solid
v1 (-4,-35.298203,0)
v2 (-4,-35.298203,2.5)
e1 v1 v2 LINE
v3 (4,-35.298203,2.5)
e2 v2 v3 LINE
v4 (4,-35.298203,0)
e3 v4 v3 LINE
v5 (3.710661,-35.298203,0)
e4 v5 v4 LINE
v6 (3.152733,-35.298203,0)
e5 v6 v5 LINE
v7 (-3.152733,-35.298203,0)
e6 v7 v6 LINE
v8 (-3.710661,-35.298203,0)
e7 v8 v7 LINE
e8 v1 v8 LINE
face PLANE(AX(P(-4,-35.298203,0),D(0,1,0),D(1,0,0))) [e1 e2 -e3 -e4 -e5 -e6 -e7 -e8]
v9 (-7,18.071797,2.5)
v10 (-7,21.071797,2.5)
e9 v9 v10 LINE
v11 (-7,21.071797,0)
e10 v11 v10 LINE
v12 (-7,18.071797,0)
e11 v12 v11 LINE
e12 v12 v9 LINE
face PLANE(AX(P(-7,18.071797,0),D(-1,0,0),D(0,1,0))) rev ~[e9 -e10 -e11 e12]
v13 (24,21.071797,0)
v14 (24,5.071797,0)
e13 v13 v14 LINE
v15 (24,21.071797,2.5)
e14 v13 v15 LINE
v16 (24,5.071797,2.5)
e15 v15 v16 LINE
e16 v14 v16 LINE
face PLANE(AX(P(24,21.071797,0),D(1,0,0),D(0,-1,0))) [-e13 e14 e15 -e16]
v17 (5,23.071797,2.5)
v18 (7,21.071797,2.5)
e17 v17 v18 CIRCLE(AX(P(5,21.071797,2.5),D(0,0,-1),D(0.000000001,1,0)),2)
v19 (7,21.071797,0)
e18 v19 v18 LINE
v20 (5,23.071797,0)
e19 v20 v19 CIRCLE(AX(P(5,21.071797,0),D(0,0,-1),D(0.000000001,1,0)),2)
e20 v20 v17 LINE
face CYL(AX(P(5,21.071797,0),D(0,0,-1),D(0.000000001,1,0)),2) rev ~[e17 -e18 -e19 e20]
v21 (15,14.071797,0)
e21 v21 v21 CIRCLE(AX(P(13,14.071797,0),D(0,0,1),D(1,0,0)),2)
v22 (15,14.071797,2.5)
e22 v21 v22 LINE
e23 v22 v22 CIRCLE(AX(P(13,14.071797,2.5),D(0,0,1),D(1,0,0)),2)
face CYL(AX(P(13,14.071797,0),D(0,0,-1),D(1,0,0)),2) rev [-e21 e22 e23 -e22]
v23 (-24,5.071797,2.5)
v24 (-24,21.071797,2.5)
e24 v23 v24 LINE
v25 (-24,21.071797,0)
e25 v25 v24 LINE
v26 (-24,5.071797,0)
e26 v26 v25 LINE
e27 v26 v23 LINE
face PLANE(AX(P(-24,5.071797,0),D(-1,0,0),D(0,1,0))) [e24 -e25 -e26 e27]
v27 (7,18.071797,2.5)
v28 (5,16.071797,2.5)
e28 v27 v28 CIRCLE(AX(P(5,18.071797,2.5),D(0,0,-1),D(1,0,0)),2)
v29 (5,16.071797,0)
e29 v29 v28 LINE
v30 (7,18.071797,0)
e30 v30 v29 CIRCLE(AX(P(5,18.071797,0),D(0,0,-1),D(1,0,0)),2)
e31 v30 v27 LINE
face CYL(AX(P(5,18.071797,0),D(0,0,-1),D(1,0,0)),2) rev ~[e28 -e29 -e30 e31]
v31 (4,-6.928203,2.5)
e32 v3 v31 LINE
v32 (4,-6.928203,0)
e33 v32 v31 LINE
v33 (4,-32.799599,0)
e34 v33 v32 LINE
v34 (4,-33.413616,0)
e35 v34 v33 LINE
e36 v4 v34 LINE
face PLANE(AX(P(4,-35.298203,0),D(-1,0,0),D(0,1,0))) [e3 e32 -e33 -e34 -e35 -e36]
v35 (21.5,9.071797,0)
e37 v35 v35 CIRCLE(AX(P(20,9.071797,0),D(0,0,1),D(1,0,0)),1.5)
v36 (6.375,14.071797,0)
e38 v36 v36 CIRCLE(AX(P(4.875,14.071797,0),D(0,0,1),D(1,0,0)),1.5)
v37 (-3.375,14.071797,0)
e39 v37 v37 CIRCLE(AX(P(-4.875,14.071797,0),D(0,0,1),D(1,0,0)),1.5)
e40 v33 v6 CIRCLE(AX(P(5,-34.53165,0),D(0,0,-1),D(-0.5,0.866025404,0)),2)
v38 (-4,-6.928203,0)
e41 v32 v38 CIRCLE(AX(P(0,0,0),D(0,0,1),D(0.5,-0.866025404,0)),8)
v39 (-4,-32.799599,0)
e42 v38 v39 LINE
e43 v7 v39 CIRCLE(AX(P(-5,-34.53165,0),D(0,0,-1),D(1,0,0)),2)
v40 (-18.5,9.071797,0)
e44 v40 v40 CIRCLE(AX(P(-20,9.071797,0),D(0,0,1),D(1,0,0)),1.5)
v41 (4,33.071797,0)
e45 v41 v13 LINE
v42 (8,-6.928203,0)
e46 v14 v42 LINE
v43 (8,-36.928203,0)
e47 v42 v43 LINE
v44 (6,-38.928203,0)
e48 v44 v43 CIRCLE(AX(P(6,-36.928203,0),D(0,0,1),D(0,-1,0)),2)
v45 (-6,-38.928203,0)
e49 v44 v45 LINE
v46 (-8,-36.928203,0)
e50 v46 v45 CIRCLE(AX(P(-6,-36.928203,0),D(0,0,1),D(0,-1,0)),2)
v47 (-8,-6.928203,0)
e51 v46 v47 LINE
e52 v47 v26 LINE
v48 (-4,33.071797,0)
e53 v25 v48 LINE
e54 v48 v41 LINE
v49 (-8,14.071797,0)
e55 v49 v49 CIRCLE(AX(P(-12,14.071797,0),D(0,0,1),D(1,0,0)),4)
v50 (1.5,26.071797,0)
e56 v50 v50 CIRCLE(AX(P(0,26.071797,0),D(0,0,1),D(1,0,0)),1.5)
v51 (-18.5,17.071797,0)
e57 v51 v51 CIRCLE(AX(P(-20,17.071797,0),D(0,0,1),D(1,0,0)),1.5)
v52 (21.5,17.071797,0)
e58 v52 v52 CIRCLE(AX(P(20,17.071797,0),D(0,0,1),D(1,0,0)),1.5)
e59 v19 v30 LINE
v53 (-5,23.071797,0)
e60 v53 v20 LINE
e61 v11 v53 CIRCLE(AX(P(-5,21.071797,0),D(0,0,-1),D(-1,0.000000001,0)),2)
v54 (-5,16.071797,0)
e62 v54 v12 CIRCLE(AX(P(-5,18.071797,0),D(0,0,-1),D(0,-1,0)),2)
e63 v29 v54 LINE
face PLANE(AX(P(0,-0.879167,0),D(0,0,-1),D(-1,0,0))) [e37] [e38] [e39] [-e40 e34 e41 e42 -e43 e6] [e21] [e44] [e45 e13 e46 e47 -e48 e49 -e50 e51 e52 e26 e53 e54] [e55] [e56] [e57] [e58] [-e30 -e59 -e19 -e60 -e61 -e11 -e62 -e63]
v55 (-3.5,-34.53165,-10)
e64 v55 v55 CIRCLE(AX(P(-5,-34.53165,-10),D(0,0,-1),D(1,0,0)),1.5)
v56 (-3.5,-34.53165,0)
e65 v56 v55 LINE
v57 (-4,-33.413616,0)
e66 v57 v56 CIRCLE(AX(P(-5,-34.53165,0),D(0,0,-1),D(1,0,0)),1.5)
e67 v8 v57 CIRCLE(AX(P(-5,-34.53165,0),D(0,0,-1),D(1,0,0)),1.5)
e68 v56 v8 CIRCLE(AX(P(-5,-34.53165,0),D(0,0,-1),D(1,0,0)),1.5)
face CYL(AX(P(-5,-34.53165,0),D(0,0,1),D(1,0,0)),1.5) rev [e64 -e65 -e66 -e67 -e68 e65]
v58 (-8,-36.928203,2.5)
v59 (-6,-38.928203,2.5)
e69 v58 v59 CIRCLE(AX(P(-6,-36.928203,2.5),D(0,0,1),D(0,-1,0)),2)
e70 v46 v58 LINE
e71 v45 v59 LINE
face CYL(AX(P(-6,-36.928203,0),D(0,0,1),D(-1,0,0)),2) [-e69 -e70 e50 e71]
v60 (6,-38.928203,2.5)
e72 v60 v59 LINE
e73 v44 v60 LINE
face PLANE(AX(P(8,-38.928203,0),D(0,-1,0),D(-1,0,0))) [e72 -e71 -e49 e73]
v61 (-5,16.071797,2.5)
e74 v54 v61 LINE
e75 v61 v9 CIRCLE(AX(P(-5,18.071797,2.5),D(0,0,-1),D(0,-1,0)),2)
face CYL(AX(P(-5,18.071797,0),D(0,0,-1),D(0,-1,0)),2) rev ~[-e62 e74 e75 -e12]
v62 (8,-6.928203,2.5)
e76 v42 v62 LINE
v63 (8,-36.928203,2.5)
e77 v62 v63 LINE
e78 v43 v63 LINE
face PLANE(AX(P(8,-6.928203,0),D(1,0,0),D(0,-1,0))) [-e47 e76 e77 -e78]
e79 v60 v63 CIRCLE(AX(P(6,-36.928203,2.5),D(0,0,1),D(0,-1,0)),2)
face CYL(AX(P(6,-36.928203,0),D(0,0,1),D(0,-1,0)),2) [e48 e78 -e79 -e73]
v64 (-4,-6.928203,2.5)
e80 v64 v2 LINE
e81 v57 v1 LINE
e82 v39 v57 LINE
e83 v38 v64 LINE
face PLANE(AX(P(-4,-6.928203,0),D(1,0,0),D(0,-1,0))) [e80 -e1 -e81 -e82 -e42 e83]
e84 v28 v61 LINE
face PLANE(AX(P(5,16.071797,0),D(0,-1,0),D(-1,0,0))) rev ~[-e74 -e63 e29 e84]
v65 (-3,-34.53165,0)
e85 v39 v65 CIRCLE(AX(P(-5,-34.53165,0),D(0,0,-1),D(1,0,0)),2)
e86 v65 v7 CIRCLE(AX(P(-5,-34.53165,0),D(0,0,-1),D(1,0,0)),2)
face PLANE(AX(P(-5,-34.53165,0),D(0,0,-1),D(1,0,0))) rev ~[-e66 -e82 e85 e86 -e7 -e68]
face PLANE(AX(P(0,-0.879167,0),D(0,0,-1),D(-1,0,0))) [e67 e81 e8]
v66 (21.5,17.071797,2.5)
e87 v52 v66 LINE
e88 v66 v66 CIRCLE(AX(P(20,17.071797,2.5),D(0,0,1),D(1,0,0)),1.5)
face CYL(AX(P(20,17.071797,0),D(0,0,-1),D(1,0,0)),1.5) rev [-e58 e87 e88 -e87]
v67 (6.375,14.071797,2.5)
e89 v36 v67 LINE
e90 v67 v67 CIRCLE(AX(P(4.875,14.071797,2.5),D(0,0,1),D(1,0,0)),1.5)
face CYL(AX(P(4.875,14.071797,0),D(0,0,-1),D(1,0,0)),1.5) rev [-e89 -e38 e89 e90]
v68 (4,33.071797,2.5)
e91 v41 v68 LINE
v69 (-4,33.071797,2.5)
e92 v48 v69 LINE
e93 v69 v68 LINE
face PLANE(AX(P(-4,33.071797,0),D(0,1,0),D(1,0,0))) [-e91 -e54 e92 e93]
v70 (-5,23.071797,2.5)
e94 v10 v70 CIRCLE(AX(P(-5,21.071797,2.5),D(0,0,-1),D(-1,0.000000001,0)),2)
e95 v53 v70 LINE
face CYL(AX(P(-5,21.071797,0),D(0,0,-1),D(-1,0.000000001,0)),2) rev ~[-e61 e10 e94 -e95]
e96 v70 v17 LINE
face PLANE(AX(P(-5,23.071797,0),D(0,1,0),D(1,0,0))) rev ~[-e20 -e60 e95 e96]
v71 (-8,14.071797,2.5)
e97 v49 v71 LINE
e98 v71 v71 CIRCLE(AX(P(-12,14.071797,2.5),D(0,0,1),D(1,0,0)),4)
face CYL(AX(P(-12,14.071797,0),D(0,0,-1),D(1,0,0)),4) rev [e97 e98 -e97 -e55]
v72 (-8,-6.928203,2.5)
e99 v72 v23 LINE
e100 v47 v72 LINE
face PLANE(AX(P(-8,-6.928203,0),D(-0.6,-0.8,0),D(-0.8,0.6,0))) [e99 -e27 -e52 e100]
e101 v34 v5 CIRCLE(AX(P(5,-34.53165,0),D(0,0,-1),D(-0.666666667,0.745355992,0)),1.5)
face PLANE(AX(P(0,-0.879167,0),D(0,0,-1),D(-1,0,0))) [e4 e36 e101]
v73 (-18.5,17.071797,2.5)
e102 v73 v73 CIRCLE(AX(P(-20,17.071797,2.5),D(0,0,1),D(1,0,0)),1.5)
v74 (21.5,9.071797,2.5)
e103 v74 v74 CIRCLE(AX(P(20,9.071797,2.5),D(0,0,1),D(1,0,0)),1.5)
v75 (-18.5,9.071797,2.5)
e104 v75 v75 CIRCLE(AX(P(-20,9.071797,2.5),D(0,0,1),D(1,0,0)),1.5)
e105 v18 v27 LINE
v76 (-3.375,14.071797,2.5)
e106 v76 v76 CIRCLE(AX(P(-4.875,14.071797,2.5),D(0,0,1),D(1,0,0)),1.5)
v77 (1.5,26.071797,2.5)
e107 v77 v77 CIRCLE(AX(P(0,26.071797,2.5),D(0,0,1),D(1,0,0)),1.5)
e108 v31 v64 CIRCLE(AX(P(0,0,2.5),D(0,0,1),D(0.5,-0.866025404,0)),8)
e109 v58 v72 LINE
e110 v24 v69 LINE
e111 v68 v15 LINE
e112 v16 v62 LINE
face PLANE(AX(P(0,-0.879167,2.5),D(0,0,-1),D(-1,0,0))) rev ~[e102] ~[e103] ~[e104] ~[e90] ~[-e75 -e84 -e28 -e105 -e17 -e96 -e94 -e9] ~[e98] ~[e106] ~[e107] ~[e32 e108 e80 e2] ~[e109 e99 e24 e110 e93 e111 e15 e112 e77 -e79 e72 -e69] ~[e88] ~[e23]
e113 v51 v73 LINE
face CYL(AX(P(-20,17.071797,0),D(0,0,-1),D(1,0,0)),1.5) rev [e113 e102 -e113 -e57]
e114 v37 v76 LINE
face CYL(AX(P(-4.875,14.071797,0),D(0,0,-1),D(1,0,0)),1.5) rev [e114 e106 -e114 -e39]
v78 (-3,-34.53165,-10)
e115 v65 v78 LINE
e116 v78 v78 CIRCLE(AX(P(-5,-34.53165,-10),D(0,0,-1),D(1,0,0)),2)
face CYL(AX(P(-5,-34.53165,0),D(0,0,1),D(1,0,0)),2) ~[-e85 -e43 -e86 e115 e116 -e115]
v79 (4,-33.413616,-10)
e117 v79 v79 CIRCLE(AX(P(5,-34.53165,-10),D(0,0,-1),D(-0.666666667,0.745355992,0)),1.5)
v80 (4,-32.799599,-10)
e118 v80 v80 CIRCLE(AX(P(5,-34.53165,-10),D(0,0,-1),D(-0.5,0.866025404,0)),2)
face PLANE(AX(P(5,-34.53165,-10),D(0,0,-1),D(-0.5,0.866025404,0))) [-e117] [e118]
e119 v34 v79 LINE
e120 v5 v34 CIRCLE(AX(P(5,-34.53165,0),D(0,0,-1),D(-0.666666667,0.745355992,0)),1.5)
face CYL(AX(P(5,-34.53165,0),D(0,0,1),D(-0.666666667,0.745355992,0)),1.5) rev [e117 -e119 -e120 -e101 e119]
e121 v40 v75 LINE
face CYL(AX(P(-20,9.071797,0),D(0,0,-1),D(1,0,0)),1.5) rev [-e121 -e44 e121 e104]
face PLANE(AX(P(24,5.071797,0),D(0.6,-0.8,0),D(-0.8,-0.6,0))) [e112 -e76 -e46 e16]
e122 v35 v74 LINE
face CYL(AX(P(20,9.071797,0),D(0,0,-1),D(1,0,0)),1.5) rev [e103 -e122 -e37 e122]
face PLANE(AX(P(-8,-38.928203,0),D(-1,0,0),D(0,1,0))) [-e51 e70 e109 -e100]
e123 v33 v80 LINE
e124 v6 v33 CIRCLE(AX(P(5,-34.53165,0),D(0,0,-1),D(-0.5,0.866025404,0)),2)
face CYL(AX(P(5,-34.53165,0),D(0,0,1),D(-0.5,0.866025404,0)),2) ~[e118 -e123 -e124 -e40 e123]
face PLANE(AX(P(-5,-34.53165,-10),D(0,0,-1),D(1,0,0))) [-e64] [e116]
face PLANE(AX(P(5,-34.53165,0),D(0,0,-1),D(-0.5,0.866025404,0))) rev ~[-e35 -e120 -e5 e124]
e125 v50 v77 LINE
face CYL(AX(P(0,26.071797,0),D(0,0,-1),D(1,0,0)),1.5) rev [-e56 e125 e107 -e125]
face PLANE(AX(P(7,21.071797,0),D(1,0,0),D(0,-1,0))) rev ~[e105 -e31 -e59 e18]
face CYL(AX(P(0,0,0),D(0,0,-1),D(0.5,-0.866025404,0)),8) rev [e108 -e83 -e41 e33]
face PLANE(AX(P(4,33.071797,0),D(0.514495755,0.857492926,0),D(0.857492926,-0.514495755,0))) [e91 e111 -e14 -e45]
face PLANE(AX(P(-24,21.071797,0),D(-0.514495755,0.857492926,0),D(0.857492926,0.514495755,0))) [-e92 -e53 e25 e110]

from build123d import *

# Parameters (mm, degrees)
SKETCH1_R           = 4
SKETCH1_R_2         = 1.5
SKETCH1_R_3         = 2
BOSS_EXTRUDE1_DEPTH = 2.5
SKETCH2_R           = 2
SKETCH2_R_2         = 1.5
BOSS_EXTRUDE2_DEPTH = 10
FILLET1_R           = 2


with BuildPart() as part:
    # Sketch1 → Boss-Extrude1 (new body)
    with BuildSketch(Plane.XY):
        Polygon((-24, 5.07179677), (-24, 21.07179677), (-4, 33.07179677), (4, 33.07179677), (24, 21.07179677), (24, 5.07179677), (8, -6.92820323), (8, -38.92820323), (-8, -38.92820323), (-8, -6.92820323), align=None)
        with Locations((-12, 14.07179677)):
            Circle(SKETCH1_R, mode=Mode.SUBTRACT)
        with Locations((-4.875, 14.07179677)):
            Circle(SKETCH1_R_2, mode=Mode.SUBTRACT)
        with Locations((4.875, 14.07179677)):
            Circle(SKETCH1_R_2, mode=Mode.SUBTRACT)
        with Locations((0, 26.07179677)):
            Circle(SKETCH1_R_2, mode=Mode.SUBTRACT)
        with Locations((20, 17.07179677)):
            Circle(SKETCH1_R_2, mode=Mode.SUBTRACT)
        with Locations((20, 9.07179677)):
            Circle(SKETCH1_R_2, mode=Mode.SUBTRACT)
        with Locations((-20, 17.07179677)):
            Circle(SKETCH1_R_2, mode=Mode.SUBTRACT)
        with Locations((-20, 9.07179677)):
            Circle(SKETCH1_R_2, mode=Mode.SUBTRACT)
        with Locations((13, 14.07179677)):
            Circle(SKETCH1_R_3, mode=Mode.SUBTRACT)
        with BuildLine():
            Line((-4, -35.29820323), (4, -35.29820323))
            Line((4, -35.29820323), (4, -6.92820323))
            ThreePointArc((4, -6.92820323), (0, 8), (-4, -6.92820323))
            Line((-4, -6.92820323), (-4, -35.29820323))
        make_face(mode=Mode.SUBTRACT)
        with BuildLine():
            Line((-5, 23.07179677), (5, 23.07179677))
            ThreePointArc((5, 23.07179677), (6.414213562, 22.486010332), (7, 21.07179677))
            Line((7, 21.07179677), (7, 18.07179677))
            ThreePointArc((7, 18.07179677), (6.414213562, 16.657583207), (5, 16.07179677))
            Line((5, 16.07179677), (-5, 16.07179677))
            ThreePointArc((-5, 16.07179677), (-6.414213562, 16.657583207), (-7, 18.07179677))
            Line((-7, 18.07179677), (-7, 21.07179677))
            ThreePointArc((-7, 21.07179677), (-6.414213562, 22.486010332), (-5, 23.07179677))
        make_face(mode=Mode.SUBTRACT)
    extrude(amount=BOSS_EXTRUDE1_DEPTH)

    # Sketch2 → Boss-Extrude2 (add)
    # profile 1 of 2: a face of its own
    with BuildSketch(Plane(origin=(0, 0, 0), x_dir=(-1, 0, 0), z_dir=(0, 0, -1))):
        with Locations(Location((-5, -34.53164975, 0), (0, 0, 60))):
            Circle(SKETCH2_R)
        with Locations(Location((-5, -34.53164975, 0), (0, 0, 48.189685104))):
            Circle(SKETCH2_R_2, mode=Mode.SUBTRACT)
    # profile 2 of 2: a face of its own
    with BuildSketch(Plane(origin=(0, 0, 0), x_dir=(-1, 0, 0), z_dir=(0, 0, -1))):
        with Locations(Location((5, -34.53164975, 0), (0, 0, 180))):
            Circle(SKETCH2_R)
        with Locations(Location((5, -34.53164975, 0), (0, 0, 180))):
            Circle(SKETCH2_R_2, mode=Mode.SUBTRACT)
    extrude(amount=BOSS_EXTRUDE2_DEPTH)

    # Fillet1
    fillet1_edges = [part.edges().sort_by_distance(p)[0] for p in [
        (8, -38.92820323, 1.25),
        (-8, -38.92820323, 1.25),
    ]]
    fillet(fillet1_edges, radius=FILLET1_R)


solid = part.part
